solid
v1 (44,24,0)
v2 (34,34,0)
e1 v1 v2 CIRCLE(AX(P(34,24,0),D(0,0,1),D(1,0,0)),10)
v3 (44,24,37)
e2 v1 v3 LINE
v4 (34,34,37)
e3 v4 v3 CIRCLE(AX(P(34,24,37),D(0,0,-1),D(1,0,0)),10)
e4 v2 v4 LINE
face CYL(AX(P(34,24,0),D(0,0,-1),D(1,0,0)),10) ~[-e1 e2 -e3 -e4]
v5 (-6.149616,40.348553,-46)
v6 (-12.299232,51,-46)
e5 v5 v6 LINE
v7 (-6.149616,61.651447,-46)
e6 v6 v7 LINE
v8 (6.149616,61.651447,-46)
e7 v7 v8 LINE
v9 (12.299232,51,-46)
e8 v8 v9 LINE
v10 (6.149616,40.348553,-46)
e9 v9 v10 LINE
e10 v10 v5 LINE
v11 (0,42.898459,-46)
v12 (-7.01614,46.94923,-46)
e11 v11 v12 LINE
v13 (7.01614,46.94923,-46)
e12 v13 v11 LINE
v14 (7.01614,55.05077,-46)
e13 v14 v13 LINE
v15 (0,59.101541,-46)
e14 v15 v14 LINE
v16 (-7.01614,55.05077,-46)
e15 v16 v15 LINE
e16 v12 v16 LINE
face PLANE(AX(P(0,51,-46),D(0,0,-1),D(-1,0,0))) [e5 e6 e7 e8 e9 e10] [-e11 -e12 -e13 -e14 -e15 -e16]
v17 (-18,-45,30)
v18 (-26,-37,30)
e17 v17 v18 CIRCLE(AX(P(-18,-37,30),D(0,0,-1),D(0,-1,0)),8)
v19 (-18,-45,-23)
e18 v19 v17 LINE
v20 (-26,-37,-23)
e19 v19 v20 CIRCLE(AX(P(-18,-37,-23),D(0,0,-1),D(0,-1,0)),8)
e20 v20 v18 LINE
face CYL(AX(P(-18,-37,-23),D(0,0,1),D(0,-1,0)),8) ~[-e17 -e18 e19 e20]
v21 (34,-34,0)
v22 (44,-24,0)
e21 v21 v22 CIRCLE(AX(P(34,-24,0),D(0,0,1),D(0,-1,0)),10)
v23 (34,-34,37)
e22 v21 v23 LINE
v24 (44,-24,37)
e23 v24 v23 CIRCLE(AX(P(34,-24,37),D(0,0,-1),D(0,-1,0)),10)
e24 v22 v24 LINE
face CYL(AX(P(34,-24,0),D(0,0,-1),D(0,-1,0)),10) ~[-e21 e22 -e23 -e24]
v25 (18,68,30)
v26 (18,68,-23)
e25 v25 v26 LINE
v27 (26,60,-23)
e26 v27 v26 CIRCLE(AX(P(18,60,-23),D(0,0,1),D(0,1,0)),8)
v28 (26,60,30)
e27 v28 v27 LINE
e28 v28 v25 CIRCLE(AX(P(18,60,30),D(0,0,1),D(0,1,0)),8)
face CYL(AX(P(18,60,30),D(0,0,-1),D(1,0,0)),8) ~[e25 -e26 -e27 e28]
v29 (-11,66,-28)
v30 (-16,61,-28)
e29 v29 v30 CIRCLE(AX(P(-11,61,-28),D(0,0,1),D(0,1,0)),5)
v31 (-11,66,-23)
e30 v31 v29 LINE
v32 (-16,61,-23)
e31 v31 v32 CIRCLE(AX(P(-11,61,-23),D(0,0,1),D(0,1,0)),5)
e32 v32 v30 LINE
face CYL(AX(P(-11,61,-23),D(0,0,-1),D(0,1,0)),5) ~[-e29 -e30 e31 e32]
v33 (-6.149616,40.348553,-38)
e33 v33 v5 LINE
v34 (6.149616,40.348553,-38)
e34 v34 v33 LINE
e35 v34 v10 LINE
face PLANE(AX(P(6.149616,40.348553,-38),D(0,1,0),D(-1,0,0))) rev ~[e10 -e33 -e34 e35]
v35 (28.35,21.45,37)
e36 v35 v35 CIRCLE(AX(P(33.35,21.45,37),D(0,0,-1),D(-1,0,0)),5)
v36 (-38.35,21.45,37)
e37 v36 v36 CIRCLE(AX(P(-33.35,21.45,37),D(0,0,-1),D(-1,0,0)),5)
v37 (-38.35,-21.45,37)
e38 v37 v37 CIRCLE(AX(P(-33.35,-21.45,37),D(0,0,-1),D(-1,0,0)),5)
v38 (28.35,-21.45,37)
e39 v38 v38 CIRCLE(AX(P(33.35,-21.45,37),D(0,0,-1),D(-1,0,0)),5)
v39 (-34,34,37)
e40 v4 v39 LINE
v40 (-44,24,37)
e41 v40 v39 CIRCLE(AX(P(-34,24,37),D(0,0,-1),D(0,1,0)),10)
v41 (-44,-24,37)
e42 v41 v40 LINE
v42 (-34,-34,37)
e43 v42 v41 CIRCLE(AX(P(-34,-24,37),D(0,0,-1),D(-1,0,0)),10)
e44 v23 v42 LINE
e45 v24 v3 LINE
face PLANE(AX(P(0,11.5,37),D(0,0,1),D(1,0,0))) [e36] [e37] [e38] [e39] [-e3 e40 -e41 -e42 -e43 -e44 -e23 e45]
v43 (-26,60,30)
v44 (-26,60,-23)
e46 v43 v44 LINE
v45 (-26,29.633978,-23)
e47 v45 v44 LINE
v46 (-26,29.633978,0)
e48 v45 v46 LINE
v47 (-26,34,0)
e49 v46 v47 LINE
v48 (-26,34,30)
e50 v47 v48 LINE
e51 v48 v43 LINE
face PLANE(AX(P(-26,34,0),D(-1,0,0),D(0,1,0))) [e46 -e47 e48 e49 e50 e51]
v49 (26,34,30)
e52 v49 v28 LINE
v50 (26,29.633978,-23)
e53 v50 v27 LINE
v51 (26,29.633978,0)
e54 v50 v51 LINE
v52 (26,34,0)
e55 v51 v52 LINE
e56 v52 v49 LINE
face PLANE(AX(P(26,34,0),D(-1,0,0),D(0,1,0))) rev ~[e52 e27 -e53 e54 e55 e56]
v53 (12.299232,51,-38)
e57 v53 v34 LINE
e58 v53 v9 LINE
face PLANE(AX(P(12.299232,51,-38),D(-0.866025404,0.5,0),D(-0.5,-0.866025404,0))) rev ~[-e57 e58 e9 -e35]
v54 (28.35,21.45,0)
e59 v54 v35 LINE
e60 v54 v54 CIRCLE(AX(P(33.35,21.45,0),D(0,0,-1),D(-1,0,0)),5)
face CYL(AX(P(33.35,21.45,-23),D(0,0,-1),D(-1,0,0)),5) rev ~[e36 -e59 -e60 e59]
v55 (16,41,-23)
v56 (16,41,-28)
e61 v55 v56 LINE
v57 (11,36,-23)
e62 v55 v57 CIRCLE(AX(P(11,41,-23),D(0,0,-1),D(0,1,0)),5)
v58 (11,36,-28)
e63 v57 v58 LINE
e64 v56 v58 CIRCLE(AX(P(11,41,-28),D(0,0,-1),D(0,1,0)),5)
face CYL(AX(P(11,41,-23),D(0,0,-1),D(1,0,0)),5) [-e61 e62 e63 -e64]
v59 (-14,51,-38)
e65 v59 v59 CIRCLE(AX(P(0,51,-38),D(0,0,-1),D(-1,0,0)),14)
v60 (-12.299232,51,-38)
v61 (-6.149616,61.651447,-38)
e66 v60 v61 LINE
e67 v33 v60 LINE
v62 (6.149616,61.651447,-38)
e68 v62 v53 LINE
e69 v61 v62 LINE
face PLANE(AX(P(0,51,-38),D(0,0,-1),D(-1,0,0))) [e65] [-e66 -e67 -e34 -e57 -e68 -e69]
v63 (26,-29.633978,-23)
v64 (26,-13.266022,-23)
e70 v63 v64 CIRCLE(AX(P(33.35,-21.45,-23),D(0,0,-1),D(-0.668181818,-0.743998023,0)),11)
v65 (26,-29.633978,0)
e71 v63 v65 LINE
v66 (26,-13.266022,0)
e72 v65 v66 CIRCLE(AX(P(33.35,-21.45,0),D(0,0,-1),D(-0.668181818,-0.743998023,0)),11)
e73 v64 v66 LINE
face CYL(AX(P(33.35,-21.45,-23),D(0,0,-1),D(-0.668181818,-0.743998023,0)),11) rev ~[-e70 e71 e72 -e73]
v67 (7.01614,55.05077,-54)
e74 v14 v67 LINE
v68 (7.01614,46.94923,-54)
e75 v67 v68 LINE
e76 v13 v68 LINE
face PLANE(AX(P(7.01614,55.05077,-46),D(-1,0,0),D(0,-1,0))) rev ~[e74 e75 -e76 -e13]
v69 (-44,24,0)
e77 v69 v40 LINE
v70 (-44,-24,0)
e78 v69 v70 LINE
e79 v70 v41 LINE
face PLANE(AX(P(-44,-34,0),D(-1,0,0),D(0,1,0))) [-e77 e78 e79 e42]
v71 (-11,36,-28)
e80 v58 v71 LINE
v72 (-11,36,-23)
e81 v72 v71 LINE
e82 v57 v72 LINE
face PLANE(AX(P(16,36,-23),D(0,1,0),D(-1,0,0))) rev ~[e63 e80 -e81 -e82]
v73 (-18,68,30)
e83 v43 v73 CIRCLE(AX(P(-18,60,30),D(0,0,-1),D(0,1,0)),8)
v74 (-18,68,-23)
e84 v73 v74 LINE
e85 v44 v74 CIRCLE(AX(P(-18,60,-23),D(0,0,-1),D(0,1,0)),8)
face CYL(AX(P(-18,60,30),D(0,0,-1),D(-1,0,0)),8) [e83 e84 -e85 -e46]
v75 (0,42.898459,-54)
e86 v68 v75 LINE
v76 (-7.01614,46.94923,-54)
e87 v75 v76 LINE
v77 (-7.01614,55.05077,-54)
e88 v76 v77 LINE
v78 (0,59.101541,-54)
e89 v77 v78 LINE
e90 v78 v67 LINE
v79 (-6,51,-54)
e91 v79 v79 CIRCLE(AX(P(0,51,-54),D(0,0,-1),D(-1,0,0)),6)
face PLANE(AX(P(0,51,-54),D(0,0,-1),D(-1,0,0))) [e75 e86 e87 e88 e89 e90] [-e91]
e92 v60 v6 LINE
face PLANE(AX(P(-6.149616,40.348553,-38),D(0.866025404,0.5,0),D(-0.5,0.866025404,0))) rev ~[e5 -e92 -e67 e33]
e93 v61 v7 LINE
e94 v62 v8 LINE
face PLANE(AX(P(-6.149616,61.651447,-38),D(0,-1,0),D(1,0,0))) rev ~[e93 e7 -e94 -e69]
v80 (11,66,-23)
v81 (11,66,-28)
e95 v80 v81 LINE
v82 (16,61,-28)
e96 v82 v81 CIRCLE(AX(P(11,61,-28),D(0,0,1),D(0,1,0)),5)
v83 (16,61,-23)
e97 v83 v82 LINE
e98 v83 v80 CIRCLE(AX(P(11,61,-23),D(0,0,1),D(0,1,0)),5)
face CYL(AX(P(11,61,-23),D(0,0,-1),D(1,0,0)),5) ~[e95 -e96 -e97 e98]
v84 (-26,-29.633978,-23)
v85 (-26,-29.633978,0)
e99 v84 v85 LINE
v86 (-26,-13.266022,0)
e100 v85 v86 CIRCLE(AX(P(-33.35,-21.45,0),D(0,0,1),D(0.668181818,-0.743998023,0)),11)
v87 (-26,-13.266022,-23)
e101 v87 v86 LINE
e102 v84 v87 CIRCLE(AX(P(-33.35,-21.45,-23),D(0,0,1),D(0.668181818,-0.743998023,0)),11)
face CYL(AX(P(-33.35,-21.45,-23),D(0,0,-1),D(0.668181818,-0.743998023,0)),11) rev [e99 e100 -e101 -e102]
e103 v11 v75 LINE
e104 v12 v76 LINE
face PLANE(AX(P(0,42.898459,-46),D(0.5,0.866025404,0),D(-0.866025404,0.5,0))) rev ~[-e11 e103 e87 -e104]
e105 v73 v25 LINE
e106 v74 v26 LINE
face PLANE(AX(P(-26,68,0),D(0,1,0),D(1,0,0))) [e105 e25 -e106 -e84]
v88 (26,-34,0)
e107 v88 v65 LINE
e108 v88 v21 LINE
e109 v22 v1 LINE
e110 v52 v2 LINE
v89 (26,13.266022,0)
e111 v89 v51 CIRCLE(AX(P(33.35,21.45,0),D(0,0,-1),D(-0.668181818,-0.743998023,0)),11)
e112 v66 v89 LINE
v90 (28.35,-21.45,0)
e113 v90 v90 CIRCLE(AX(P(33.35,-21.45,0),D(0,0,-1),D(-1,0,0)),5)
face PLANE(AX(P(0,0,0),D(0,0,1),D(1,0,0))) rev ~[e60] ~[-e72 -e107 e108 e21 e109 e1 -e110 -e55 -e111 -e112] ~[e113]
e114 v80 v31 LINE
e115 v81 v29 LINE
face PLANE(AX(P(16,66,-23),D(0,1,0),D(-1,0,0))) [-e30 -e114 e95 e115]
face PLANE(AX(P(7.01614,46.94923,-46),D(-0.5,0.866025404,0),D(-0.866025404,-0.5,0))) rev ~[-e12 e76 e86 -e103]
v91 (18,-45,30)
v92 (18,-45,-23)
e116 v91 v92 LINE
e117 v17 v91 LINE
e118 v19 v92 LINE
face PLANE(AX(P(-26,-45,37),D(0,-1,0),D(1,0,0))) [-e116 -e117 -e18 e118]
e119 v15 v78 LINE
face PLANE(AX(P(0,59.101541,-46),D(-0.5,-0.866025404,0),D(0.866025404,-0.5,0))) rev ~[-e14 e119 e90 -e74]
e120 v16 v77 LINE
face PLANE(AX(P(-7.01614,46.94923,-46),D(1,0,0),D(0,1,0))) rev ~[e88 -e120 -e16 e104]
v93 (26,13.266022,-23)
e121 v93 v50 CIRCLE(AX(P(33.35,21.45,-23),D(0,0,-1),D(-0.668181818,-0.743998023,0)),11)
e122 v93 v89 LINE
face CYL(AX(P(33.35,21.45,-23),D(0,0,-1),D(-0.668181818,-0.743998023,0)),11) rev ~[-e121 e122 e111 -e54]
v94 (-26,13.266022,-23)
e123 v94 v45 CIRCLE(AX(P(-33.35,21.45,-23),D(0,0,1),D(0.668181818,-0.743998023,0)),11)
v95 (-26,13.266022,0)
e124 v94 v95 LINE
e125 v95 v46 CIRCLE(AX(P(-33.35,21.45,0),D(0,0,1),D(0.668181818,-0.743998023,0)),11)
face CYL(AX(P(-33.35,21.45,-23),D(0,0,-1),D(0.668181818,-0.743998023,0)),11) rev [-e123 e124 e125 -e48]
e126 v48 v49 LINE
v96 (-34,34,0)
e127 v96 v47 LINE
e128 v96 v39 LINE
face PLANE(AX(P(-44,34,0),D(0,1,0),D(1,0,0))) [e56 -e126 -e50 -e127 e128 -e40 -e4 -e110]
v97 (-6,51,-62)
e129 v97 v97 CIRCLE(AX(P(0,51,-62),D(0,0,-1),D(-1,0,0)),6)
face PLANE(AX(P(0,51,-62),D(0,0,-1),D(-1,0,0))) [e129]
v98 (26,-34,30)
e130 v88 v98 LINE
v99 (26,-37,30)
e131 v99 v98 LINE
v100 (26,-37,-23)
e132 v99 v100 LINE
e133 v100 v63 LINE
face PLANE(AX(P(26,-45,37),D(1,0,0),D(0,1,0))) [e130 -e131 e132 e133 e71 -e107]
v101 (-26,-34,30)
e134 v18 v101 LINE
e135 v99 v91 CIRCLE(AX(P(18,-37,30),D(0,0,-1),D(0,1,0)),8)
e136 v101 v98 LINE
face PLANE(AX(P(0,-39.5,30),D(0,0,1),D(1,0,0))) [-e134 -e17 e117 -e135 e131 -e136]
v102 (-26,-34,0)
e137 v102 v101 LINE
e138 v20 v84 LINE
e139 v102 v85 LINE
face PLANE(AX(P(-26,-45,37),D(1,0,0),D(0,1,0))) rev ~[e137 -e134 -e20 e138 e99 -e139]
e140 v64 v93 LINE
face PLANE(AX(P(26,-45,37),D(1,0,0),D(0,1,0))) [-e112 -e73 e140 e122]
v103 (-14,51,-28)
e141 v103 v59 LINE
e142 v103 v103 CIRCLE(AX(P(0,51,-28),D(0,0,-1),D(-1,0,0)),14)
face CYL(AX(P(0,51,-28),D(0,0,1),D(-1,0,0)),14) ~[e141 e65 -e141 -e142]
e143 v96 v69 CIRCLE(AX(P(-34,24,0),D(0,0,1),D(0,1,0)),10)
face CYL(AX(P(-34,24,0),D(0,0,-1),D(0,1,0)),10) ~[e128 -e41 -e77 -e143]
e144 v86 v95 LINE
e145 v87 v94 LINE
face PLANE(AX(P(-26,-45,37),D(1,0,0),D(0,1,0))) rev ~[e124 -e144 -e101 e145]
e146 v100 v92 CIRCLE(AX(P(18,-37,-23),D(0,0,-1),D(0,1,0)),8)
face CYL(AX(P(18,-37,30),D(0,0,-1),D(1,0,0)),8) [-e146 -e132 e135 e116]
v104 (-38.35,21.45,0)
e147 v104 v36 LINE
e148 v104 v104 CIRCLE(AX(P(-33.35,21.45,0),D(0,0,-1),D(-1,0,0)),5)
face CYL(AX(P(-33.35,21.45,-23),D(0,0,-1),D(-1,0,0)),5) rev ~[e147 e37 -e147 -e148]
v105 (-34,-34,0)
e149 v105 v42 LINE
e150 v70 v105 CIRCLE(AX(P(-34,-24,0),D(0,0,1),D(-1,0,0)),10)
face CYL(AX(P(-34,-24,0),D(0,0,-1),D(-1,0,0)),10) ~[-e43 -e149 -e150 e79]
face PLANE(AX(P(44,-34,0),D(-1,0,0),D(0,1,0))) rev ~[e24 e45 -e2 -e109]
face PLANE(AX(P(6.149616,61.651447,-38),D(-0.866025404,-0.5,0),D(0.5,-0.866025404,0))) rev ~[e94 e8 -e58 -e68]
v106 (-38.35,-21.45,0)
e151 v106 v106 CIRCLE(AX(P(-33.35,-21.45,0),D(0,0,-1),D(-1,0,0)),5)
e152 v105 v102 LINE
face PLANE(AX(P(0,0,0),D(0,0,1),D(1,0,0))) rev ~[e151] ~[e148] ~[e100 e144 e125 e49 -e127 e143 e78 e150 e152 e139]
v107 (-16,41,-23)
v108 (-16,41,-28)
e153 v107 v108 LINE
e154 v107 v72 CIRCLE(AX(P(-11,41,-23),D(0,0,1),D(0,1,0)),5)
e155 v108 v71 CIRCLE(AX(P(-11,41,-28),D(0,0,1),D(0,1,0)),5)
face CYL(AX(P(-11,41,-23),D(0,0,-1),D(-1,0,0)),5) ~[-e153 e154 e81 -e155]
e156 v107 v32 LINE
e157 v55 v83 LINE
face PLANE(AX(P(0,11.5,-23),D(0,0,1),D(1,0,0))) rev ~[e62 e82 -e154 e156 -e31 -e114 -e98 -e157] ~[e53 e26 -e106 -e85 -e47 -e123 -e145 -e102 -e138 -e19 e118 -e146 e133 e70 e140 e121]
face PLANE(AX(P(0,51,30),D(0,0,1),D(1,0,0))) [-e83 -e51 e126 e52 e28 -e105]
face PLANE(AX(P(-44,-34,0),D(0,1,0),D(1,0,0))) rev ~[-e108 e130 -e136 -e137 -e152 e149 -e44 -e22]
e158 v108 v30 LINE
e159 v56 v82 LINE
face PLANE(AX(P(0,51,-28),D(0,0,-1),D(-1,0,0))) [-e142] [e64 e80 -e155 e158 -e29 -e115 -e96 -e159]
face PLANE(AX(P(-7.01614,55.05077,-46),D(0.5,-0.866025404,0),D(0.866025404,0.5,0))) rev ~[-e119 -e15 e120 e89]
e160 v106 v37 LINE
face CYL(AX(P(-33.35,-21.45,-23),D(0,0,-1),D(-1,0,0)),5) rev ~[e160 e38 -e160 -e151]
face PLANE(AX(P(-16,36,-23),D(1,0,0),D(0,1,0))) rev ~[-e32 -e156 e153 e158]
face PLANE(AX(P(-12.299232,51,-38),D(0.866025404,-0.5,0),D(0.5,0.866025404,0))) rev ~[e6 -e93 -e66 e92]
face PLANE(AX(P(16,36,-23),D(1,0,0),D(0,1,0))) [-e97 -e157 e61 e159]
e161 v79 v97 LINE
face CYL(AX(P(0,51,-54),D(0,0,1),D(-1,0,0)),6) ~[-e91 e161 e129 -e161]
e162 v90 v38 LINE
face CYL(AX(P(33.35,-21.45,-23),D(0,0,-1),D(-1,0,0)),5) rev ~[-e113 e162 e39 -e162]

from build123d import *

# Parameters (mm, degrees)
SKETCH_1_W          = 88
SKETCH_1_H          = 68
EXTRUDE_1_DEPTH     = 37
SKETCH_2_W          = 52
SKETCH_2_H          = 113
EXTRUDE_2_DEPTH     = 60
SKETCH_3_R          = 5
CUT_EXTRUDE_1_DEPTH = 60
CUT_EXTRUDE_2_DEPTH = 23
SKETCH_5_OUTSIDE_W  = 121.056
SKETCH_5_OUTSIDE_H  = 146.056
CUT_EXTRUDE_3_DEPTH = 38
SKETCH_7_W          = 52
SKETCH_7_H          = 34
SKETCH_7_H_2        = 11
EXTRUDE_3_DEPTH     = 30
FILLET_1_R          = 8
SKETCH_8_W          = 32
SKETCH_8_H          = 30
EXTRUDE_4_DEPTH     = 5
SKETCH_9_R          = 14
EXTRUDE_5_DEPTH     = 10
EXTRUDE_6_DEPTH     = 8
FILLET_2_R          = 5
EXTRUDE_7_DEPTH     = 8
SKETCH_12_R         = 6
EXTRUDE_8_DEPTH     = 8


with BuildPart() as part:
    # 草图1 → 凸台-拉伸1 (new body)
    with BuildSketch(Plane.XY):
        Rectangle(SKETCH_1_W, SKETCH_1_H)
    extrude(amount=EXTRUDE_1_DEPTH)

    # 草图2 → 凸台-拉伸2 (add)
    with BuildSketch(Plane.XY.offset(37)):
        with Locations((0, 11.5)):
            Rectangle(SKETCH_2_W, SKETCH_2_H)
    extrude(amount=-EXTRUDE_2_DEPTH)

    # 草图3 → 切除-拉伸1 (cut)
    with BuildSketch(Plane(origin=(0, 0, -23), x_dir=(-1, 0, 0), z_dir=(0, 0, -1))):
        with Locations((-33.35, 21.45)):
            Circle(SKETCH_3_R)
        with Locations((33.35, 21.45)):
            Circle(SKETCH_3_R)
        with Locations((33.35, -21.45)):
            Circle(SKETCH_3_R)
        with Locations((-33.35, -21.45)):
            Circle(SKETCH_3_R)
    extrude(amount=-CUT_EXTRUDE_1_DEPTH, mode=Mode.SUBTRACT)

    # 草图4 → 切除-拉伸2 (cut)
    with BuildSketch(Plane(origin=(0, 0, -23), x_dir=(-1, 0, 0), z_dir=(0, 0, -1))):
        with BuildLine():
            Line((-26, 29.63397825), (-26, 13.26602175))
            ThreePointArc((-26, 13.26602175), (-22.35, 21.45), (-26, 29.63397825))
        make_face()
        with BuildLine():
            Line((26, 29.63397825), (26, 13.26602175))
            ThreePointArc((26, 13.26602175), (22.35, 21.45), (26, 29.63397825))
        make_face()
        with BuildLine():
            Line((26, -13.26602175), (26, -29.63397825))
            ThreePointArc((26, -29.63397825), (22.35, -21.45), (26, -13.26602175))
        make_face()
        with BuildLine():
            Line((-26, -13.26602175), (-26, -29.63397825))
            ThreePointArc((-26, -29.63397825), (-22.35, -21.45), (-26, -13.26602175))
        make_face()
    extrude(amount=-CUT_EXTRUDE_2_DEPTH, mode=Mode.SUBTRACT)

    # 草图5 outside → 切除-拉伸3 (cut, through all)
    with BuildSketch(Plane(origin=(0, 0, 0), x_dir=(-1, 0, 0), z_dir=(0, 0, -1))):
        with Locations((0, 11.5)):
            Rectangle(SKETCH_5_OUTSIDE_W, SKETCH_5_OUTSIDE_H)
        with BuildLine():
            Line((-34, 34), (34, 34))
            ThreePointArc((34, 34), (41.071067812, 31.071067812), (44, 24))
            Line((44, 24), (44, -24))
            ThreePointArc((44, -24), (41.071067812, -31.071067812), (34, -34))
            Line((34, -34), (-34, -34))
            ThreePointArc((-34, -34), (-41.071067812, -31.071067812), (-44, -24))
            Line((-44, -24), (-44, 24))
            ThreePointArc((-44, 24), (-41.071067812, 31.071067812), (-34, 34))
        make_face(mode=Mode.SUBTRACT)
    extrude(amount=-CUT_EXTRUDE_3_DEPTH, mode=Mode.SUBTRACT)

    # 草图7 → 凸台-拉伸3 (add)
    with BuildSketch(Plane.XY):
        with Locations((0, 51)):
            Rectangle(SKETCH_7_W, SKETCH_7_H)
        with Locations((0, -39.5)):
            Rectangle(SKETCH_7_W, SKETCH_7_H_2)
    extrude(amount=EXTRUDE_3_DEPTH)

    # 圆角1
    fillet_1_edges = [part.edges().sort_by_distance(p)[0] for p in [
        (-26, -45, 3.5),
        (26, 68, 3.5),
        (-26, 68, 3.5),
        (26, -45, 3.5),
    ]]
    fillet(fillet_1_edges, radius=FILLET_1_R)

    # 草图8 → 凸台-拉伸4 (add)
    with BuildSketch(Plane(origin=(0, 0, -23), x_dir=(-1, 0, 0), z_dir=(0, 0, -1))):
        with Locations((0, 51)):
            Rectangle(SKETCH_8_W, SKETCH_8_H)
    extrude(amount=EXTRUDE_4_DEPTH)

    # 草图9 → 凸台-拉伸5 (add)
    with BuildSketch(Plane(origin=(0, 0, -28), x_dir=(-1, 0, 0), z_dir=(0, 0, -1))):
        with Locations((0, 51)):
            Circle(SKETCH_9_R)
    extrude(amount=EXTRUDE_5_DEPTH)

    # 草图10 → 凸台-拉伸6 (add)
    with BuildSketch(Plane(origin=(0, 0, -38), x_dir=(-1, 0, 0), z_dir=(0, 0, -1))):
        Polygon((-6.149615956, 61.651447283), (-12.299231913, 51), (-6.149615956, 40.348552717), (6.149615956, 40.348552717), (12.299231913, 51), (6.149615956, 61.651447283), align=None)
    extrude(amount=EXTRUDE_6_DEPTH)

    # 圆角2
    fillet_2_edges = [part.edges().sort_by_distance(p)[0] for p in [
        (16, 66, -25.5),
        (16, 36, -25.5),
        (-16, 36, -25.5),
        (-16, 66, -25.5),
    ]]
    fillet(fillet_2_edges, radius=FILLET_2_R)

    # 草图11 → 凸台-拉伸7 (add)
    with BuildSketch(Plane(origin=(0, 0, -46), x_dir=(-1, 0, 0), z_dir=(0, 0, -1))):
        Polygon((0, 42.898459123), (7.016140209, 46.949229562), (7.016140209, 55.050770438), (0, 59.101540877), (-7.016140209, 55.050770438), (-7.016140209, 46.949229562), align=None)
    extrude(amount=EXTRUDE_7_DEPTH)

    # 草图12 → 凸台-拉伸8 (add)
    with BuildSketch(Plane(origin=(0, 0, -54), x_dir=(-1, 0, 0), z_dir=(0, 0, -1))):
        with Locations((0, 51)):
            Circle(SKETCH_12_R)
    extrude(amount=EXTRUDE_8_DEPTH)


solid = part.part
